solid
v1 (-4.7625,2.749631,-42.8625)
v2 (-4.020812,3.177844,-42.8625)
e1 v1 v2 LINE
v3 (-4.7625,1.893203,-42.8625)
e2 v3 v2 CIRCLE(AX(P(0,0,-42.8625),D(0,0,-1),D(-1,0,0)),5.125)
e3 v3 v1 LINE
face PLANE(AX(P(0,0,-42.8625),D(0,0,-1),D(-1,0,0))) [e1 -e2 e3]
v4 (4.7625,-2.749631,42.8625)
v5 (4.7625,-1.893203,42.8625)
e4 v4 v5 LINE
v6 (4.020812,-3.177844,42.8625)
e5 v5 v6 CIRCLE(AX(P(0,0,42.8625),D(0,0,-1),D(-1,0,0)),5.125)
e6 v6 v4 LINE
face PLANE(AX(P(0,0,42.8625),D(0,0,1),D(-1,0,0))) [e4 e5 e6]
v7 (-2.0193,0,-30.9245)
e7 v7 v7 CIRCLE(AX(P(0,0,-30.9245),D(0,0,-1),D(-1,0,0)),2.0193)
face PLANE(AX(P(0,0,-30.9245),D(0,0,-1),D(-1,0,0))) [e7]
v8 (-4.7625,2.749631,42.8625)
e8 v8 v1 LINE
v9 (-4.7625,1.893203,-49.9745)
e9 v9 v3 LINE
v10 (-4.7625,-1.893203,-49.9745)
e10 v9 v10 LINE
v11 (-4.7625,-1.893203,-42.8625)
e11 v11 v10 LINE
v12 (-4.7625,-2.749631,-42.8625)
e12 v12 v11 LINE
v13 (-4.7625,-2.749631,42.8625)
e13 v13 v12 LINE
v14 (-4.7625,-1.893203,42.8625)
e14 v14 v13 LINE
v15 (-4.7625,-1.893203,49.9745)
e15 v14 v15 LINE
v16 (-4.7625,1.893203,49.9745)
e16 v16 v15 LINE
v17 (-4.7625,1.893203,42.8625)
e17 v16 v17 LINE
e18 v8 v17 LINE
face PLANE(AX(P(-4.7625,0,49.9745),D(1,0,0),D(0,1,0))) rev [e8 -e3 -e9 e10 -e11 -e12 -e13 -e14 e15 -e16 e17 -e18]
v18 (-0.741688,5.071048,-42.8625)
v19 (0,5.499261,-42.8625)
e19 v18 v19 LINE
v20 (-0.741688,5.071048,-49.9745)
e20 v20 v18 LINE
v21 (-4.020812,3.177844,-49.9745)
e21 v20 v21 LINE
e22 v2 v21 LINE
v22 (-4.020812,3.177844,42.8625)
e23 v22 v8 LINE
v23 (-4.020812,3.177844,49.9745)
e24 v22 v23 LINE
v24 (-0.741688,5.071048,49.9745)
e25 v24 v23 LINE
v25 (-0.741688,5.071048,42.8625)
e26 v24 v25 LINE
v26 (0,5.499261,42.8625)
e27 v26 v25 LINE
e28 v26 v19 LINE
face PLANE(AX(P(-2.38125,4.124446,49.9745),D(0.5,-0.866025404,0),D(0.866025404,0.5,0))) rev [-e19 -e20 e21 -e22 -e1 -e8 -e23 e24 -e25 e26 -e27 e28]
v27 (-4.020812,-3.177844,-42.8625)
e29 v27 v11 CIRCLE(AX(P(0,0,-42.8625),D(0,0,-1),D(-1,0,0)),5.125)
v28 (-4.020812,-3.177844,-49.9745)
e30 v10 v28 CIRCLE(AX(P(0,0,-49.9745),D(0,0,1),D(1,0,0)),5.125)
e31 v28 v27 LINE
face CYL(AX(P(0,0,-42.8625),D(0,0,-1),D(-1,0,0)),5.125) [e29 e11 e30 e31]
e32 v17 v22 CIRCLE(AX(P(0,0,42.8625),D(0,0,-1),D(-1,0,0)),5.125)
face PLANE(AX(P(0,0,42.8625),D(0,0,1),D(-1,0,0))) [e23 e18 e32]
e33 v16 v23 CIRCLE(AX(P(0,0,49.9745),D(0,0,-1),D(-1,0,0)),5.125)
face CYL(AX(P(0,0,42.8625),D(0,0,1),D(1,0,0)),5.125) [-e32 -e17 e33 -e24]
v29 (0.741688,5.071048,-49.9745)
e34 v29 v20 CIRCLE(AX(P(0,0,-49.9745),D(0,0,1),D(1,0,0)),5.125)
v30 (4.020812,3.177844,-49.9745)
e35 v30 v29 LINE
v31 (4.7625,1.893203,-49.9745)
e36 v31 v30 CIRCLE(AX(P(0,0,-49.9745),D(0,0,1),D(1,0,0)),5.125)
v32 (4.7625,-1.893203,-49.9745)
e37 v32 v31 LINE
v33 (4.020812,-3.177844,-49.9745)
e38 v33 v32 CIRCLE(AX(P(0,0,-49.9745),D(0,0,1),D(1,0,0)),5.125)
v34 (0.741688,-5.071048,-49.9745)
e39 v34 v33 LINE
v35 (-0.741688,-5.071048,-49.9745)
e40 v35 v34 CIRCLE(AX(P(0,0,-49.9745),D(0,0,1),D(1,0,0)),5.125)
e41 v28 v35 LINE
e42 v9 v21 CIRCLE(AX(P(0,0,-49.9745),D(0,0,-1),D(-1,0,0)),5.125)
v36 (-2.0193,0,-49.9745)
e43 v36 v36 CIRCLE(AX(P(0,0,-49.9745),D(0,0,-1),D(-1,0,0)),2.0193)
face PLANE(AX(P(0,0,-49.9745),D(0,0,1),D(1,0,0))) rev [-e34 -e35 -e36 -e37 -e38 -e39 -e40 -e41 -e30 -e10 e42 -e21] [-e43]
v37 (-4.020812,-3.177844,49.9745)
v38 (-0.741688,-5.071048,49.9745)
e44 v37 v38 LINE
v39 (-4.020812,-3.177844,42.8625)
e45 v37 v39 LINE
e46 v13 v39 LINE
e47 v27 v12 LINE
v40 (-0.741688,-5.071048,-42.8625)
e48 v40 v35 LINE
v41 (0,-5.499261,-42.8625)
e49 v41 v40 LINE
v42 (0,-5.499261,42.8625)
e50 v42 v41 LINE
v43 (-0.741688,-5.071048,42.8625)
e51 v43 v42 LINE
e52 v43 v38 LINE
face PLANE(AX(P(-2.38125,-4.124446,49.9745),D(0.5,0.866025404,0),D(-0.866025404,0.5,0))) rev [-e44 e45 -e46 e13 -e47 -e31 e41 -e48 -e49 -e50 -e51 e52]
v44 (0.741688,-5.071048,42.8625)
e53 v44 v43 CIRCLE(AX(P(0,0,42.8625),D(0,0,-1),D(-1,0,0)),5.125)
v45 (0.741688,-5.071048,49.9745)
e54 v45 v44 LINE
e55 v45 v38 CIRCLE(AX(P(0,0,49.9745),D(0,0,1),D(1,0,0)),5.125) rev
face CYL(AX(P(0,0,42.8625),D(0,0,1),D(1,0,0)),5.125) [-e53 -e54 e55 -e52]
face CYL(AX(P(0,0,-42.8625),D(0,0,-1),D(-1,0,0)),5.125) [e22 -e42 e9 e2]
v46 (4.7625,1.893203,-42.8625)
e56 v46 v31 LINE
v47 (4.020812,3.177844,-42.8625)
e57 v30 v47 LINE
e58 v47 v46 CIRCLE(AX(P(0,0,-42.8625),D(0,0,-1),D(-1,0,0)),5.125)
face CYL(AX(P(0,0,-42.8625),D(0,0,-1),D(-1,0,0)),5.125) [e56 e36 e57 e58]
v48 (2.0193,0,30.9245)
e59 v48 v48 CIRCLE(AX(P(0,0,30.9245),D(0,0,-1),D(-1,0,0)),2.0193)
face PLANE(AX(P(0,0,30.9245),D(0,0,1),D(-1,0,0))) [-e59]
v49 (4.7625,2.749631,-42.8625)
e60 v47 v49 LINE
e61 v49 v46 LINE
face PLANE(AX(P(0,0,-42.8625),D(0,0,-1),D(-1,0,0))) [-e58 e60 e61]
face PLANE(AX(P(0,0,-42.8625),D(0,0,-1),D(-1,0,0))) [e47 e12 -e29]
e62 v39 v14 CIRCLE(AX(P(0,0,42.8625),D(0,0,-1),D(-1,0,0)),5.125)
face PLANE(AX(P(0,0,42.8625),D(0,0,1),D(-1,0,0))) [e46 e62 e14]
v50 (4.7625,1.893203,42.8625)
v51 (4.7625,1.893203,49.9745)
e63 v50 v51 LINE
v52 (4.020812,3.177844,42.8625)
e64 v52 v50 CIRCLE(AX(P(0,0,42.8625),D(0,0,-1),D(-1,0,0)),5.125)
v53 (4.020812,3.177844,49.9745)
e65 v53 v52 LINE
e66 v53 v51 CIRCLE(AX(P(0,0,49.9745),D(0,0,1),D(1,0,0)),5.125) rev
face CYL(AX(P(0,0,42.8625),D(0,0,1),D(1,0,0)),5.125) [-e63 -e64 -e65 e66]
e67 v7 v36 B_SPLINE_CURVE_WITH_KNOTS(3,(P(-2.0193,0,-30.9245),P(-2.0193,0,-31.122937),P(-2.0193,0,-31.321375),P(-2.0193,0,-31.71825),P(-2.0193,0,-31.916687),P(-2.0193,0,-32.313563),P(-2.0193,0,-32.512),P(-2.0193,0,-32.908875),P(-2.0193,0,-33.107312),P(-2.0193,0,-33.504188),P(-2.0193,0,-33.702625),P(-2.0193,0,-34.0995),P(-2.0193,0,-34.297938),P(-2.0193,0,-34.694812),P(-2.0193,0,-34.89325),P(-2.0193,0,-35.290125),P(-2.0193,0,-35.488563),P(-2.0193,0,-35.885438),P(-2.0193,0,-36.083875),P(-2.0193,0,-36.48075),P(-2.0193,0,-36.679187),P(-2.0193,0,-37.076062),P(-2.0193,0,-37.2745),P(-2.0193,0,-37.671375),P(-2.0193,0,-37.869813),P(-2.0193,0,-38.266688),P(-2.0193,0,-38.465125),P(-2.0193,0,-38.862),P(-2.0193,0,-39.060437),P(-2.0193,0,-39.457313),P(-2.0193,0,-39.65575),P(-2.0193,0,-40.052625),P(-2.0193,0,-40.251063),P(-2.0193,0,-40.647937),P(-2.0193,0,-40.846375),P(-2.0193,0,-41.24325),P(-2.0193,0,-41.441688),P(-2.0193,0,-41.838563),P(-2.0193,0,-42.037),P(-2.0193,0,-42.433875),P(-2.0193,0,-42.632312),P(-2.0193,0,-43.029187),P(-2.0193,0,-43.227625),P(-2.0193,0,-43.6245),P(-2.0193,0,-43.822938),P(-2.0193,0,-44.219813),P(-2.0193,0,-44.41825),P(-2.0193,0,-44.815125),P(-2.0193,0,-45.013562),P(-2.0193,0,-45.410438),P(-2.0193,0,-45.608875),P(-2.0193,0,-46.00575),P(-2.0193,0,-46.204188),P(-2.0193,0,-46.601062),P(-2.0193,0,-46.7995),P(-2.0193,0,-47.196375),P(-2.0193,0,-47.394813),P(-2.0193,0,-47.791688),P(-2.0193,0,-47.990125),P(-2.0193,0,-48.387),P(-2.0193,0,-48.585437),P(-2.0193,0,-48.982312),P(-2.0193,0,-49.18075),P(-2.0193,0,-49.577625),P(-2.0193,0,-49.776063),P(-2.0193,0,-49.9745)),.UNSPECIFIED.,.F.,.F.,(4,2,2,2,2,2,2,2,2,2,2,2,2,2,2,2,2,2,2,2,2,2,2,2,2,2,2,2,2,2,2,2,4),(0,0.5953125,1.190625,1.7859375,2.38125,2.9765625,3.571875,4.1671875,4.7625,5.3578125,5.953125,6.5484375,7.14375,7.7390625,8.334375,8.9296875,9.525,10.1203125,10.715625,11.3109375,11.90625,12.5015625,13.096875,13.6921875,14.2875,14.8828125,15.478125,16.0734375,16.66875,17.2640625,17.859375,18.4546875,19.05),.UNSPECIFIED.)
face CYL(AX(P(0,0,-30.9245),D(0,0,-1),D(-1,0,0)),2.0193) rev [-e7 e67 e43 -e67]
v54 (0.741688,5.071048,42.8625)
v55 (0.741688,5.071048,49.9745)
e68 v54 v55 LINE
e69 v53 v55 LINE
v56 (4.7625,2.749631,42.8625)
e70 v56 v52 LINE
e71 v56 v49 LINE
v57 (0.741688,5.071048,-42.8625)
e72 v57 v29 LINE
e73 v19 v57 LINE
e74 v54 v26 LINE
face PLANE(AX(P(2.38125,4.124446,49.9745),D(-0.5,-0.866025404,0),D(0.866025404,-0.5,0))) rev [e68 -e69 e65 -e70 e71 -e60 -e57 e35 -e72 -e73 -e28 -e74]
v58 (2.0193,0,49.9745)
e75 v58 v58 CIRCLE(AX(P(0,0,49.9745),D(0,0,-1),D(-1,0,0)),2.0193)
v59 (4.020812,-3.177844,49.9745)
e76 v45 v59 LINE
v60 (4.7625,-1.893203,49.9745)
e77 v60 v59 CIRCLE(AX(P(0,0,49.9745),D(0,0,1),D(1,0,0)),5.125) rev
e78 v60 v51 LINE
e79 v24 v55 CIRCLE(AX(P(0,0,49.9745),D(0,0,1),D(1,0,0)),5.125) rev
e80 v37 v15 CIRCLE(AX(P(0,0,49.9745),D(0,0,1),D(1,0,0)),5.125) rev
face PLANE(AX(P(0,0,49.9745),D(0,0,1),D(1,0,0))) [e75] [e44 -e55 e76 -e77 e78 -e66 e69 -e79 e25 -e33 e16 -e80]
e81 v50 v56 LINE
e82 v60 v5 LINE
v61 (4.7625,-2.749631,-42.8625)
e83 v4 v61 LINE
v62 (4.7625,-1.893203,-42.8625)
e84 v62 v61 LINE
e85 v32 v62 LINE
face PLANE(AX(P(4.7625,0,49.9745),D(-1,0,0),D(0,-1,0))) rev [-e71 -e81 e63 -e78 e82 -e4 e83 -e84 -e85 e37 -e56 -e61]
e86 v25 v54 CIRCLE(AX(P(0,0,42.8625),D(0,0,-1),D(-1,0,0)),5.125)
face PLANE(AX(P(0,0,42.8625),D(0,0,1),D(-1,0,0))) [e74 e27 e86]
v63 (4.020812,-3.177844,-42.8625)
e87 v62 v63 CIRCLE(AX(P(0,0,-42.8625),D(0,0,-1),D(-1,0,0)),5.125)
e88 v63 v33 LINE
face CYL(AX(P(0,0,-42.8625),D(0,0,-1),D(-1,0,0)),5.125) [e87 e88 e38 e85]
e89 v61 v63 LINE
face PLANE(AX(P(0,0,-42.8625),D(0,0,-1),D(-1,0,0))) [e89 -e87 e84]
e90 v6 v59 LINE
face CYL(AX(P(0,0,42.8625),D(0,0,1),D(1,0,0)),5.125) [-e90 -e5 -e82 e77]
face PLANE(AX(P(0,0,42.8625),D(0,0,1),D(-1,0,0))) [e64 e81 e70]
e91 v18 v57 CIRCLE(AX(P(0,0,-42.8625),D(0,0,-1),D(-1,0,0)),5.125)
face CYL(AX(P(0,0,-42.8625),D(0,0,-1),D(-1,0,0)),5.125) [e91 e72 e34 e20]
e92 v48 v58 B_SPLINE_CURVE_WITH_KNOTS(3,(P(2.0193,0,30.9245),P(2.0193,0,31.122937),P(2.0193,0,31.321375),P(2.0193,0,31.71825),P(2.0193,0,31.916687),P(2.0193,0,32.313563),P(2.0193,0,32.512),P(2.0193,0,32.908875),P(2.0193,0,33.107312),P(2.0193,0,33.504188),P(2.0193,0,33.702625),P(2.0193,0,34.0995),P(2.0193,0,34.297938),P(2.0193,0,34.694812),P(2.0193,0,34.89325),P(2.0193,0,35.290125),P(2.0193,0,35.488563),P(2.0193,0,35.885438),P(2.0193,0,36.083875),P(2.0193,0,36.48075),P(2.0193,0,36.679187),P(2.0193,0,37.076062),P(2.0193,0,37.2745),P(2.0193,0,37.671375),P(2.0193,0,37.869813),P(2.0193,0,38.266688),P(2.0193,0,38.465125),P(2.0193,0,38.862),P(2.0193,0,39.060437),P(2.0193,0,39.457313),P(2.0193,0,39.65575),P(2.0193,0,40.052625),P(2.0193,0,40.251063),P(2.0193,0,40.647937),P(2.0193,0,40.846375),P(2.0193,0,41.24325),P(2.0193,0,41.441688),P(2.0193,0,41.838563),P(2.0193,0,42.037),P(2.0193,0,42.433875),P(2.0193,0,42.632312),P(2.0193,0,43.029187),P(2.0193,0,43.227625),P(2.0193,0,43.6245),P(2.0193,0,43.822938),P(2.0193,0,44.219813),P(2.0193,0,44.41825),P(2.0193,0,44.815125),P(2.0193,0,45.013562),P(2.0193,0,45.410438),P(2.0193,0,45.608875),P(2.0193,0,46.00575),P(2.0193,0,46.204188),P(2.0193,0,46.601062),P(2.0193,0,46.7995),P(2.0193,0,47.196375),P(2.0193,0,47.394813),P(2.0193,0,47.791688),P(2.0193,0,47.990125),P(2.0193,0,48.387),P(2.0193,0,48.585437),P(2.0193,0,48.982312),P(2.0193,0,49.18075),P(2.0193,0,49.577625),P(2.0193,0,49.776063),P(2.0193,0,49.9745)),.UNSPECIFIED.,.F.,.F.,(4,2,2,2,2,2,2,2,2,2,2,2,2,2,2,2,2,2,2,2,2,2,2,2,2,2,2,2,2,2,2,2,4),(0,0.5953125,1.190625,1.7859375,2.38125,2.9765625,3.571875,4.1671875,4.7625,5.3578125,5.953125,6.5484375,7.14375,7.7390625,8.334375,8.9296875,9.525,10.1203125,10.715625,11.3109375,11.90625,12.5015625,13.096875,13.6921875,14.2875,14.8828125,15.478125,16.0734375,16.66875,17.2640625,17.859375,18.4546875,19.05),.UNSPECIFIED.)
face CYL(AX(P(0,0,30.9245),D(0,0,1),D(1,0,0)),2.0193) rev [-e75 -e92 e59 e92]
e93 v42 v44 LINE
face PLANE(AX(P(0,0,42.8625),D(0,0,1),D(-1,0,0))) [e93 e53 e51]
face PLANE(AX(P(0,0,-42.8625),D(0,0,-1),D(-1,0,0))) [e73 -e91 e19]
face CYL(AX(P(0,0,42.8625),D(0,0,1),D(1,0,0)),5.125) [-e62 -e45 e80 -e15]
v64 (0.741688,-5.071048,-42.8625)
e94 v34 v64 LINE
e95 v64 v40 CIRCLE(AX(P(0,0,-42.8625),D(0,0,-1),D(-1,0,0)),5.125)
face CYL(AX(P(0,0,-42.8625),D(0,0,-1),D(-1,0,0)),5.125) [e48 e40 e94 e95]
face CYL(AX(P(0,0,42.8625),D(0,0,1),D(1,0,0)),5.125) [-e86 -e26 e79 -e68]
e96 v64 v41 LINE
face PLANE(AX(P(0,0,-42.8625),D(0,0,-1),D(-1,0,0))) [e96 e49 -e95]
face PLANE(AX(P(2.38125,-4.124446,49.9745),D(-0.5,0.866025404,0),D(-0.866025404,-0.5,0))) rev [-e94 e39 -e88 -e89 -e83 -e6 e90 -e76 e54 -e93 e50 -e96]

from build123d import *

# Parameters (mm, degrees)
BOSS_EXTRUDE1_DEPTH = 49.9745
SKETCH2_R           = 2.0193
CUT_EXTRUDE1_DEPTH  = 19.05
SKETCH3_R           = 11.064818238
SKETCH3_R_2         = 5.125
CUT_EXTRUDE2_DEPTH  = 7.112


with BuildPart() as part:
    # Sketch1 → Boss-Extrude1 (new, symmetric)
    with BuildSketch(Plane.XY):
        Polygon((4.7625, 2.749630657), (0, 5.499261314), (-4.7625, 2.749630657), (-4.7625, -2.749630657), (0, -5.499261314), (4.7625, -2.749630657), align=None)
    extrude(amount=BOSS_EXTRUDE1_DEPTH, both=True)

    # Sketch2 → Cut-Extrude1 (cut)
    with BuildSketch(Plane(origin=(0, 0, -49.9745), x_dir=(-1, 0, 0), z_dir=(0, 0, -1))):
        Circle(SKETCH2_R)
    cut_extrude1 = extrude(amount=-CUT_EXTRUDE1_DEPTH, mode=Mode.SUBTRACT)

    # Mirror1: Cut-Extrude1 across plane
    add(cut_extrude1.mirror(Plane.XY), mode=Mode.SUBTRACT)

    # Sketch3 → Cut-Extrude2 (cut)
    with BuildSketch(Plane(origin=(0, 0, -49.9745), x_dir=(-1, 0, 0), z_dir=(0, 0, -1))):
        Circle(SKETCH3_R)
        Circle(SKETCH3_R_2, mode=Mode.SUBTRACT)
    cut_extrude2 = extrude(amount=-CUT_EXTRUDE2_DEPTH, mode=Mode.SUBTRACT)

    # Mirror2: Cut-Extrude2 across plane
    add(cut_extrude2.mirror(Plane.XY), mode=Mode.SUBTRACT)


solid = part.part
